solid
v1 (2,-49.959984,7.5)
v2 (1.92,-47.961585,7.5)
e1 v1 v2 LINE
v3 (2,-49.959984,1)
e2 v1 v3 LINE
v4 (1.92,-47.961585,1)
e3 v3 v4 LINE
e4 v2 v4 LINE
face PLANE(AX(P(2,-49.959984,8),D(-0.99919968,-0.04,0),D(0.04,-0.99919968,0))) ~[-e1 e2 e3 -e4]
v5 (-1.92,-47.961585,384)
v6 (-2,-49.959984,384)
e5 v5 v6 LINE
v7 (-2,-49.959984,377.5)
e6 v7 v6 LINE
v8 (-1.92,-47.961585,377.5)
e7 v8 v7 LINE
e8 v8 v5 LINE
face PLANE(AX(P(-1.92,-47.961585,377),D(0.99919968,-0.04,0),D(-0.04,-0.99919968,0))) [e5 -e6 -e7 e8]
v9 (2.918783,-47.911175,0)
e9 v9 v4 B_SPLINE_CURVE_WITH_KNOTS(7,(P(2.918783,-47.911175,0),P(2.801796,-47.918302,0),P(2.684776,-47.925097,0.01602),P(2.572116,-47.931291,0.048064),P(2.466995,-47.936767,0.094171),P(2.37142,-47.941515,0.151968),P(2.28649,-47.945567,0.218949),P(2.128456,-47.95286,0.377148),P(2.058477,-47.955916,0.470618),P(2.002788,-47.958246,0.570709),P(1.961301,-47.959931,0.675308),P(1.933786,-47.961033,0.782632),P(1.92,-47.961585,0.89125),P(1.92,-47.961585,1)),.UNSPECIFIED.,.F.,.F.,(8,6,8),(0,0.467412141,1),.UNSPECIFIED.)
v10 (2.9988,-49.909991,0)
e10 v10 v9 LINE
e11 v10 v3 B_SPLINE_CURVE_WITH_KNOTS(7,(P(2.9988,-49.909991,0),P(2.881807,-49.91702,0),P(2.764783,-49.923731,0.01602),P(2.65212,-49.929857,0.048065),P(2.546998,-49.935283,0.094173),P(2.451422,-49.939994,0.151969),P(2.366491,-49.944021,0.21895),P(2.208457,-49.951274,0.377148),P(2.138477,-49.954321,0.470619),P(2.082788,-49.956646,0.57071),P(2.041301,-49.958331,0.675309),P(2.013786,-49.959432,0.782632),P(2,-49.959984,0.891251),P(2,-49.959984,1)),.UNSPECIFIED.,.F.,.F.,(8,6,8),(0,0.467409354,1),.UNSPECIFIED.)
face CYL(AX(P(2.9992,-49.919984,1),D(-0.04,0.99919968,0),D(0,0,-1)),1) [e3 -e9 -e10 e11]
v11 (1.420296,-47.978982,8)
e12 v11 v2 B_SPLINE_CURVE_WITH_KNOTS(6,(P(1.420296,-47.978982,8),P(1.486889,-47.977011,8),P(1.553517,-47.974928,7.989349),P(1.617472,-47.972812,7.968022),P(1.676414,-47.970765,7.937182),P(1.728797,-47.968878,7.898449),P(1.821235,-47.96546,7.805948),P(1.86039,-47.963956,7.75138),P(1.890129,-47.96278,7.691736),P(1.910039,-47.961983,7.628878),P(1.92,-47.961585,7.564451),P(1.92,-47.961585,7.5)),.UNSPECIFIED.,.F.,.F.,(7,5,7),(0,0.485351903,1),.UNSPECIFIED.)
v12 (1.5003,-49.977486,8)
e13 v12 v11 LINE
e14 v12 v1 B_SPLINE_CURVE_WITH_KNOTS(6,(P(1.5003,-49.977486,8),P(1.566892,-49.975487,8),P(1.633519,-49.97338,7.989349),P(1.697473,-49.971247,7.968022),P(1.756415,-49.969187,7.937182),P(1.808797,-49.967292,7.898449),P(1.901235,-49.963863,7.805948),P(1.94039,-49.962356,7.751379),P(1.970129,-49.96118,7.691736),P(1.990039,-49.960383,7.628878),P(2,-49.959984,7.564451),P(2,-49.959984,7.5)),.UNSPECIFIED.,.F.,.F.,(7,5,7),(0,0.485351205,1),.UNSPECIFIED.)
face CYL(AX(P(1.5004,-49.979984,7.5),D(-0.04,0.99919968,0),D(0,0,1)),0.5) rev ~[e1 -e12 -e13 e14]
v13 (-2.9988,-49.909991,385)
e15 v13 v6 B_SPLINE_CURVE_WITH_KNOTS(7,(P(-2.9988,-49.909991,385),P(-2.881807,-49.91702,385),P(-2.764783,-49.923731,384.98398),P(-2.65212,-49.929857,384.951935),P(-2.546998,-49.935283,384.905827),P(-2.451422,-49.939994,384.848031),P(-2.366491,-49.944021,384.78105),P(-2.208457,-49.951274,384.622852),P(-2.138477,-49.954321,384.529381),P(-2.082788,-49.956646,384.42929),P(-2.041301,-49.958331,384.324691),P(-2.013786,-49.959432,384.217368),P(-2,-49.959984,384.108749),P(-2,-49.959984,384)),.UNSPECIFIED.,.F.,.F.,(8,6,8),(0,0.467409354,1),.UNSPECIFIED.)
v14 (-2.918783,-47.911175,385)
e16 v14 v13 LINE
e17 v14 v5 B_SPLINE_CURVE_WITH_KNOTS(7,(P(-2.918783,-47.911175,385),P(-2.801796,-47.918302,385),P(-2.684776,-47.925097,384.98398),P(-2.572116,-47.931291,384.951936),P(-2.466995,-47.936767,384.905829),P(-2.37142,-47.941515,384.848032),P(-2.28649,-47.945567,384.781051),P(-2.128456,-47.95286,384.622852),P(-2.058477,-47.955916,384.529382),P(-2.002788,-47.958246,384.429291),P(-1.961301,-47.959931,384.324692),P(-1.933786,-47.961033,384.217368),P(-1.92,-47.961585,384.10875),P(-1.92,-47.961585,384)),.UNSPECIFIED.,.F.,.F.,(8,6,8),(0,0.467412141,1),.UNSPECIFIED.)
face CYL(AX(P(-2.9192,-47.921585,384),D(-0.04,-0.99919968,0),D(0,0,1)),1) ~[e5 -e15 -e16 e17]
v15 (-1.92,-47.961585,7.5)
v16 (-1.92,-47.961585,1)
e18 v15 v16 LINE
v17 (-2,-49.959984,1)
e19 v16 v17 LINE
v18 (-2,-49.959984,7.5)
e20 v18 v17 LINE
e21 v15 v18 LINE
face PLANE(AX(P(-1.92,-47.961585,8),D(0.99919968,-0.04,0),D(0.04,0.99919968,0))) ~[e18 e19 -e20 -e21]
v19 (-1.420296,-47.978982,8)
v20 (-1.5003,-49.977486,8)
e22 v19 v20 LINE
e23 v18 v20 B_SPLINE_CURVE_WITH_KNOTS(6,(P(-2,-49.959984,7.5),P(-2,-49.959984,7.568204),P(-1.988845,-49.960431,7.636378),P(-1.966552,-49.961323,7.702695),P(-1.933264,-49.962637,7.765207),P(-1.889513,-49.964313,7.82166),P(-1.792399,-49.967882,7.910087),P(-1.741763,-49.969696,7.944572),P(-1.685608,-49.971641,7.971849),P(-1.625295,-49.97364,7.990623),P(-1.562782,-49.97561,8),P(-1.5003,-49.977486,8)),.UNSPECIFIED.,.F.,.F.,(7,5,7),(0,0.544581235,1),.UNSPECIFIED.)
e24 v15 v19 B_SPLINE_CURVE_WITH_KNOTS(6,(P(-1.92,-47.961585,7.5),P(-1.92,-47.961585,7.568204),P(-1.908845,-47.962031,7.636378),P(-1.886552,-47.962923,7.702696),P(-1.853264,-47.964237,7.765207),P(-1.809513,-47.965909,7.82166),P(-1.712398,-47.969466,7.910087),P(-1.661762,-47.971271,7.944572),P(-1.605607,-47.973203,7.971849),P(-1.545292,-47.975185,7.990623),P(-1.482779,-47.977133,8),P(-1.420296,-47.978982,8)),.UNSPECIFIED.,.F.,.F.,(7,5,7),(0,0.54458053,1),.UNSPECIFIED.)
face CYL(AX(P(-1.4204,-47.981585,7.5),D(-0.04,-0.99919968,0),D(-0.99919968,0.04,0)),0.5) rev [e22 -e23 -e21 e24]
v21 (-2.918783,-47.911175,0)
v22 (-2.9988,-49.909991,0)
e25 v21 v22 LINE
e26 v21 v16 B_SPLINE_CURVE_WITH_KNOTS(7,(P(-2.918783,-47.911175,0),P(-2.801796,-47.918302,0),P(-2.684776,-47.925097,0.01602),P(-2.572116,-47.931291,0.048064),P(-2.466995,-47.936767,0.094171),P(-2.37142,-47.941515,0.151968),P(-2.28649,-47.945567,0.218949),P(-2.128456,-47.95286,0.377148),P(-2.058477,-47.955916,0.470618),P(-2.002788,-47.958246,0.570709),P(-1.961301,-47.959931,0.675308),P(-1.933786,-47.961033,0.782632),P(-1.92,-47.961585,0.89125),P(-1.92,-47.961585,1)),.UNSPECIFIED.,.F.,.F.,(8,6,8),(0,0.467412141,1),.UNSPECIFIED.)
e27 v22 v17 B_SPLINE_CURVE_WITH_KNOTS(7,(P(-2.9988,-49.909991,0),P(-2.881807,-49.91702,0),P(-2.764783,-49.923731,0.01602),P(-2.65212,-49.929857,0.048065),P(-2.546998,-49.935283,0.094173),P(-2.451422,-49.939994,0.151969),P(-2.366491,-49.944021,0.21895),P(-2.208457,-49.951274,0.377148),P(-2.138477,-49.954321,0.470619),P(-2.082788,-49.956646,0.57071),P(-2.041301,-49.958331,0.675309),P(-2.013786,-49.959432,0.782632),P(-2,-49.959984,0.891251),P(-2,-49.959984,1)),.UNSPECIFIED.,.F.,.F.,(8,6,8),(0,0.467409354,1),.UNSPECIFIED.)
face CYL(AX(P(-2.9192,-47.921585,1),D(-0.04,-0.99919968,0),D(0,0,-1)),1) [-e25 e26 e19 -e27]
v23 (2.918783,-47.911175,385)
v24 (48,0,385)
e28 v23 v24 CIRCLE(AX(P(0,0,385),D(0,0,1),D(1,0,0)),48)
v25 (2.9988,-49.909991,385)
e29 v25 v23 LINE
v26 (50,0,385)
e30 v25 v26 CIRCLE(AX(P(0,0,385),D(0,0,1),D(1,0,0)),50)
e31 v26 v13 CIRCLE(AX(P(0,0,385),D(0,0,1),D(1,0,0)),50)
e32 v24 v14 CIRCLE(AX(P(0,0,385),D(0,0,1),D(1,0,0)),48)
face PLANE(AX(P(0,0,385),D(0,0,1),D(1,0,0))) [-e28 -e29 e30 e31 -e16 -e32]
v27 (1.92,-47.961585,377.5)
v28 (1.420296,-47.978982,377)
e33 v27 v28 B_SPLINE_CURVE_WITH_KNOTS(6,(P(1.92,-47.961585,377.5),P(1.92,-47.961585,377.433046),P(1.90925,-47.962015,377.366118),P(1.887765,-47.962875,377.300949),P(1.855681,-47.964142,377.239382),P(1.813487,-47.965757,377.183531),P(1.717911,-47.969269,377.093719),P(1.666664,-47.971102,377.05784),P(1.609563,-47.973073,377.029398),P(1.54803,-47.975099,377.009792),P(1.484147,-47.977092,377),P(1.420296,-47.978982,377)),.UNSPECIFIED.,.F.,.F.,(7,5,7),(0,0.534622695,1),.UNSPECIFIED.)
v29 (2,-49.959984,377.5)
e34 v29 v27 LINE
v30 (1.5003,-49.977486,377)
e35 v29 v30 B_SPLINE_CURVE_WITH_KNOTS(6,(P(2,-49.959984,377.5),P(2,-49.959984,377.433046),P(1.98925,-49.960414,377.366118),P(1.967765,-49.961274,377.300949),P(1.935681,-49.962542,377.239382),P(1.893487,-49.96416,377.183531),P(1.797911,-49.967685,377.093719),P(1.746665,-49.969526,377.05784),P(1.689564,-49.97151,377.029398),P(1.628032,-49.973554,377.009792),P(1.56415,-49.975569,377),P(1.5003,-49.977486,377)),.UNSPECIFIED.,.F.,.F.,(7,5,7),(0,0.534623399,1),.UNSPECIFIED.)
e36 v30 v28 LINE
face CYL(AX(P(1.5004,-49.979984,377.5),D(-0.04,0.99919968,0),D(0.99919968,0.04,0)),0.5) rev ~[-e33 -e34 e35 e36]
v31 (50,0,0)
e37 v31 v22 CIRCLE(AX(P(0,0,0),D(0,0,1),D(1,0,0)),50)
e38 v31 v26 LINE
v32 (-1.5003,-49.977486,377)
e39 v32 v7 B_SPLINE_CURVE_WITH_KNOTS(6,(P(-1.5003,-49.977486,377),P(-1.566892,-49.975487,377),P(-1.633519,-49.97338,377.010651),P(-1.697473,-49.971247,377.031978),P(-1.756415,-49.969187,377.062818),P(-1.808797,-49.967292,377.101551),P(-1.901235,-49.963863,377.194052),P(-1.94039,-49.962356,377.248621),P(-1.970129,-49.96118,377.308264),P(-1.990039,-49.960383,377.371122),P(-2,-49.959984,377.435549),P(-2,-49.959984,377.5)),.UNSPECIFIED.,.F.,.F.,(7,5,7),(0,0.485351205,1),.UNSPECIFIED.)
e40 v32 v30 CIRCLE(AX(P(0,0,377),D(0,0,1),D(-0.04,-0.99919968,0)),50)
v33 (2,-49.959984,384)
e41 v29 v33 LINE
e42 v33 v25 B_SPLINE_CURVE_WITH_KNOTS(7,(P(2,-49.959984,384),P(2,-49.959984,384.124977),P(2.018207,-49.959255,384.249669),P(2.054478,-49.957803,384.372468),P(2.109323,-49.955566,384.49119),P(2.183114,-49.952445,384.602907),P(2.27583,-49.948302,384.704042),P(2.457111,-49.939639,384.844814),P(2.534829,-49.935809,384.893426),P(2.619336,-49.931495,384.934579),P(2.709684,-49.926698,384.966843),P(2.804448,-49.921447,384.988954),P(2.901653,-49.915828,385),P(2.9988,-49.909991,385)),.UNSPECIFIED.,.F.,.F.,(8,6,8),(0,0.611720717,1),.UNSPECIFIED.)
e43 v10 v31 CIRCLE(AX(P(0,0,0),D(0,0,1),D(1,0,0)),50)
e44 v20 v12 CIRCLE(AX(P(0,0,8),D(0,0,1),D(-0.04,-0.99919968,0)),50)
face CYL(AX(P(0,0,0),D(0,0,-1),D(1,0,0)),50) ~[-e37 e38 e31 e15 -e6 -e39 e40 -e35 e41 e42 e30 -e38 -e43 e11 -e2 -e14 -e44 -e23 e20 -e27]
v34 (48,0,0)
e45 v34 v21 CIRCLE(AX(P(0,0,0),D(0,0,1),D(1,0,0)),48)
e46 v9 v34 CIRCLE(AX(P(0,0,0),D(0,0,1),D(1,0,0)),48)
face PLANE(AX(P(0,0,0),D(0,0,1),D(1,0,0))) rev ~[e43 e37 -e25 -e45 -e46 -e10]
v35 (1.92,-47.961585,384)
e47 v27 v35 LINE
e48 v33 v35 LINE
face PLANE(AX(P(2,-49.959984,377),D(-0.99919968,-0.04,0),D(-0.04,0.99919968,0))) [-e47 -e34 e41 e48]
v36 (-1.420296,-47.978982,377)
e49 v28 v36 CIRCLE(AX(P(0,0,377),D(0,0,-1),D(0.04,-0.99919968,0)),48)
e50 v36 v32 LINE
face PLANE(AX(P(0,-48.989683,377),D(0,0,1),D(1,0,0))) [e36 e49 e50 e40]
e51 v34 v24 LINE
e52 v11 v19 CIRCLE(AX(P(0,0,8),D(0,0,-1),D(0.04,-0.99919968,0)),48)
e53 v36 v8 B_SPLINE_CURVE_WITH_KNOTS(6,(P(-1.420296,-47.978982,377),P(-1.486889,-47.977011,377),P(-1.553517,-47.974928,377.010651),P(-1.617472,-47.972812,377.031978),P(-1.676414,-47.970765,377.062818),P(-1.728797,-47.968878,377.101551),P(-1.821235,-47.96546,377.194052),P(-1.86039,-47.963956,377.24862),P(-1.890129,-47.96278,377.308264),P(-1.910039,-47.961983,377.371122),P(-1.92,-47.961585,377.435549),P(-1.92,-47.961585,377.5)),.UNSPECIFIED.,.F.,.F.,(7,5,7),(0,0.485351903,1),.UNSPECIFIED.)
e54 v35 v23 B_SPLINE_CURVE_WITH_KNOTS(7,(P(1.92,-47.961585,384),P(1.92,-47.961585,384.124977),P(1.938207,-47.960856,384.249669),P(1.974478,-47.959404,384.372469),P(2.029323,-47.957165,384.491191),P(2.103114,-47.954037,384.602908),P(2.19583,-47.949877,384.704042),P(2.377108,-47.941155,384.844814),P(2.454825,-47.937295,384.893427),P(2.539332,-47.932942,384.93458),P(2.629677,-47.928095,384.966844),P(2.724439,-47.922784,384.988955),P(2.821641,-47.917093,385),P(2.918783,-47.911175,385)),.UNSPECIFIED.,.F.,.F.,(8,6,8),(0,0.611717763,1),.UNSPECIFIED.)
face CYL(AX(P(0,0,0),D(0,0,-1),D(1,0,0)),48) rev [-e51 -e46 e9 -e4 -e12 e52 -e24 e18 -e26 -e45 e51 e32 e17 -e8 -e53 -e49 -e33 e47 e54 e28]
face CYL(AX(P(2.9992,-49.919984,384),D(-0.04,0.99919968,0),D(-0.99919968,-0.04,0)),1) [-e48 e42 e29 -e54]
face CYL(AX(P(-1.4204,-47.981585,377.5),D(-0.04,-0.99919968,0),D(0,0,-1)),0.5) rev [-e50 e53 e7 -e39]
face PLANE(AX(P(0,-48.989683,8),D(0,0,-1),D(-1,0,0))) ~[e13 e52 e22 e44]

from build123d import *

# Parameters (mm, degrees)
SKETCH_1_R          = 50
SKETCH_1_R_2        = 48
EXTRUDE_1_DEPTH     = 385
CUT_EXTRUDE_START   = -8
CUT_EXTRUDE_1_DEPTH = 8
FILLET_1_R          = 0.5
FILLET_2_R          = 1


with BuildPart() as part:
    # Эскиз1 → Бобышка-Вытянуть1 (new body)
    with BuildSketch(Plane.XY):
        Circle(SKETCH_1_R)
        Circle(SKETCH_1_R_2, mode=Mode.SUBTRACT)
    extrude(amount=EXTRUDE_1_DEPTH)

    # Эскиз3 → Вырез-Вытянуть1 (cut)
    with BuildSketch(Plane.XY.offset(385).offset(CUT_EXTRUDE_START)):
        with BuildLine():
            Line((-1.92, -47.961584628), (-2, -49.959983987))
            ThreePointArc((-2, -49.959983987), (0, -50), (2, -49.959983987))
            Line((2, -49.959983987), (1.92, -47.961584628))
            ThreePointArc((1.92, -47.961584628), (0, -48), (-1.92, -47.961584628))
        make_face()
    cut_extrude_1 = extrude(amount=CUT_EXTRUDE_1_DEPTH, mode=Mode.SUBTRACT)

    # Зеркальное отражение3: Вырез-Вытянуть1 across plane
    add(cut_extrude_1.mirror(Plane.XY.offset(192.5)), mode=Mode.SUBTRACT)

    # Скругление1
    fillet_1_edges = [part.edges().sort_by_distance(p)[0] for p in [
        (-1.96, -48.960784307, 377),
        (1.96, -48.960784307, 377),
        (1.96, -48.960784307, 8),
        (-1.96, -48.960784307, 8),
    ]]
    fillet(fillet_1_edges, radius=FILLET_1_R)

    # Скругление2
    fillet_2_edges = [part.edges().sort_by_distance(p)[0] for p in [
        (1.96, -48.960784307, 385),
        (-1.96, -48.960784307, 385),
        (1.96, -48.960784307, 0),
        (-1.96, -48.960784307, 0),
    ]]
    fillet(fillet_2_edges, radius=FILLET_2_R)


solid = part.part
